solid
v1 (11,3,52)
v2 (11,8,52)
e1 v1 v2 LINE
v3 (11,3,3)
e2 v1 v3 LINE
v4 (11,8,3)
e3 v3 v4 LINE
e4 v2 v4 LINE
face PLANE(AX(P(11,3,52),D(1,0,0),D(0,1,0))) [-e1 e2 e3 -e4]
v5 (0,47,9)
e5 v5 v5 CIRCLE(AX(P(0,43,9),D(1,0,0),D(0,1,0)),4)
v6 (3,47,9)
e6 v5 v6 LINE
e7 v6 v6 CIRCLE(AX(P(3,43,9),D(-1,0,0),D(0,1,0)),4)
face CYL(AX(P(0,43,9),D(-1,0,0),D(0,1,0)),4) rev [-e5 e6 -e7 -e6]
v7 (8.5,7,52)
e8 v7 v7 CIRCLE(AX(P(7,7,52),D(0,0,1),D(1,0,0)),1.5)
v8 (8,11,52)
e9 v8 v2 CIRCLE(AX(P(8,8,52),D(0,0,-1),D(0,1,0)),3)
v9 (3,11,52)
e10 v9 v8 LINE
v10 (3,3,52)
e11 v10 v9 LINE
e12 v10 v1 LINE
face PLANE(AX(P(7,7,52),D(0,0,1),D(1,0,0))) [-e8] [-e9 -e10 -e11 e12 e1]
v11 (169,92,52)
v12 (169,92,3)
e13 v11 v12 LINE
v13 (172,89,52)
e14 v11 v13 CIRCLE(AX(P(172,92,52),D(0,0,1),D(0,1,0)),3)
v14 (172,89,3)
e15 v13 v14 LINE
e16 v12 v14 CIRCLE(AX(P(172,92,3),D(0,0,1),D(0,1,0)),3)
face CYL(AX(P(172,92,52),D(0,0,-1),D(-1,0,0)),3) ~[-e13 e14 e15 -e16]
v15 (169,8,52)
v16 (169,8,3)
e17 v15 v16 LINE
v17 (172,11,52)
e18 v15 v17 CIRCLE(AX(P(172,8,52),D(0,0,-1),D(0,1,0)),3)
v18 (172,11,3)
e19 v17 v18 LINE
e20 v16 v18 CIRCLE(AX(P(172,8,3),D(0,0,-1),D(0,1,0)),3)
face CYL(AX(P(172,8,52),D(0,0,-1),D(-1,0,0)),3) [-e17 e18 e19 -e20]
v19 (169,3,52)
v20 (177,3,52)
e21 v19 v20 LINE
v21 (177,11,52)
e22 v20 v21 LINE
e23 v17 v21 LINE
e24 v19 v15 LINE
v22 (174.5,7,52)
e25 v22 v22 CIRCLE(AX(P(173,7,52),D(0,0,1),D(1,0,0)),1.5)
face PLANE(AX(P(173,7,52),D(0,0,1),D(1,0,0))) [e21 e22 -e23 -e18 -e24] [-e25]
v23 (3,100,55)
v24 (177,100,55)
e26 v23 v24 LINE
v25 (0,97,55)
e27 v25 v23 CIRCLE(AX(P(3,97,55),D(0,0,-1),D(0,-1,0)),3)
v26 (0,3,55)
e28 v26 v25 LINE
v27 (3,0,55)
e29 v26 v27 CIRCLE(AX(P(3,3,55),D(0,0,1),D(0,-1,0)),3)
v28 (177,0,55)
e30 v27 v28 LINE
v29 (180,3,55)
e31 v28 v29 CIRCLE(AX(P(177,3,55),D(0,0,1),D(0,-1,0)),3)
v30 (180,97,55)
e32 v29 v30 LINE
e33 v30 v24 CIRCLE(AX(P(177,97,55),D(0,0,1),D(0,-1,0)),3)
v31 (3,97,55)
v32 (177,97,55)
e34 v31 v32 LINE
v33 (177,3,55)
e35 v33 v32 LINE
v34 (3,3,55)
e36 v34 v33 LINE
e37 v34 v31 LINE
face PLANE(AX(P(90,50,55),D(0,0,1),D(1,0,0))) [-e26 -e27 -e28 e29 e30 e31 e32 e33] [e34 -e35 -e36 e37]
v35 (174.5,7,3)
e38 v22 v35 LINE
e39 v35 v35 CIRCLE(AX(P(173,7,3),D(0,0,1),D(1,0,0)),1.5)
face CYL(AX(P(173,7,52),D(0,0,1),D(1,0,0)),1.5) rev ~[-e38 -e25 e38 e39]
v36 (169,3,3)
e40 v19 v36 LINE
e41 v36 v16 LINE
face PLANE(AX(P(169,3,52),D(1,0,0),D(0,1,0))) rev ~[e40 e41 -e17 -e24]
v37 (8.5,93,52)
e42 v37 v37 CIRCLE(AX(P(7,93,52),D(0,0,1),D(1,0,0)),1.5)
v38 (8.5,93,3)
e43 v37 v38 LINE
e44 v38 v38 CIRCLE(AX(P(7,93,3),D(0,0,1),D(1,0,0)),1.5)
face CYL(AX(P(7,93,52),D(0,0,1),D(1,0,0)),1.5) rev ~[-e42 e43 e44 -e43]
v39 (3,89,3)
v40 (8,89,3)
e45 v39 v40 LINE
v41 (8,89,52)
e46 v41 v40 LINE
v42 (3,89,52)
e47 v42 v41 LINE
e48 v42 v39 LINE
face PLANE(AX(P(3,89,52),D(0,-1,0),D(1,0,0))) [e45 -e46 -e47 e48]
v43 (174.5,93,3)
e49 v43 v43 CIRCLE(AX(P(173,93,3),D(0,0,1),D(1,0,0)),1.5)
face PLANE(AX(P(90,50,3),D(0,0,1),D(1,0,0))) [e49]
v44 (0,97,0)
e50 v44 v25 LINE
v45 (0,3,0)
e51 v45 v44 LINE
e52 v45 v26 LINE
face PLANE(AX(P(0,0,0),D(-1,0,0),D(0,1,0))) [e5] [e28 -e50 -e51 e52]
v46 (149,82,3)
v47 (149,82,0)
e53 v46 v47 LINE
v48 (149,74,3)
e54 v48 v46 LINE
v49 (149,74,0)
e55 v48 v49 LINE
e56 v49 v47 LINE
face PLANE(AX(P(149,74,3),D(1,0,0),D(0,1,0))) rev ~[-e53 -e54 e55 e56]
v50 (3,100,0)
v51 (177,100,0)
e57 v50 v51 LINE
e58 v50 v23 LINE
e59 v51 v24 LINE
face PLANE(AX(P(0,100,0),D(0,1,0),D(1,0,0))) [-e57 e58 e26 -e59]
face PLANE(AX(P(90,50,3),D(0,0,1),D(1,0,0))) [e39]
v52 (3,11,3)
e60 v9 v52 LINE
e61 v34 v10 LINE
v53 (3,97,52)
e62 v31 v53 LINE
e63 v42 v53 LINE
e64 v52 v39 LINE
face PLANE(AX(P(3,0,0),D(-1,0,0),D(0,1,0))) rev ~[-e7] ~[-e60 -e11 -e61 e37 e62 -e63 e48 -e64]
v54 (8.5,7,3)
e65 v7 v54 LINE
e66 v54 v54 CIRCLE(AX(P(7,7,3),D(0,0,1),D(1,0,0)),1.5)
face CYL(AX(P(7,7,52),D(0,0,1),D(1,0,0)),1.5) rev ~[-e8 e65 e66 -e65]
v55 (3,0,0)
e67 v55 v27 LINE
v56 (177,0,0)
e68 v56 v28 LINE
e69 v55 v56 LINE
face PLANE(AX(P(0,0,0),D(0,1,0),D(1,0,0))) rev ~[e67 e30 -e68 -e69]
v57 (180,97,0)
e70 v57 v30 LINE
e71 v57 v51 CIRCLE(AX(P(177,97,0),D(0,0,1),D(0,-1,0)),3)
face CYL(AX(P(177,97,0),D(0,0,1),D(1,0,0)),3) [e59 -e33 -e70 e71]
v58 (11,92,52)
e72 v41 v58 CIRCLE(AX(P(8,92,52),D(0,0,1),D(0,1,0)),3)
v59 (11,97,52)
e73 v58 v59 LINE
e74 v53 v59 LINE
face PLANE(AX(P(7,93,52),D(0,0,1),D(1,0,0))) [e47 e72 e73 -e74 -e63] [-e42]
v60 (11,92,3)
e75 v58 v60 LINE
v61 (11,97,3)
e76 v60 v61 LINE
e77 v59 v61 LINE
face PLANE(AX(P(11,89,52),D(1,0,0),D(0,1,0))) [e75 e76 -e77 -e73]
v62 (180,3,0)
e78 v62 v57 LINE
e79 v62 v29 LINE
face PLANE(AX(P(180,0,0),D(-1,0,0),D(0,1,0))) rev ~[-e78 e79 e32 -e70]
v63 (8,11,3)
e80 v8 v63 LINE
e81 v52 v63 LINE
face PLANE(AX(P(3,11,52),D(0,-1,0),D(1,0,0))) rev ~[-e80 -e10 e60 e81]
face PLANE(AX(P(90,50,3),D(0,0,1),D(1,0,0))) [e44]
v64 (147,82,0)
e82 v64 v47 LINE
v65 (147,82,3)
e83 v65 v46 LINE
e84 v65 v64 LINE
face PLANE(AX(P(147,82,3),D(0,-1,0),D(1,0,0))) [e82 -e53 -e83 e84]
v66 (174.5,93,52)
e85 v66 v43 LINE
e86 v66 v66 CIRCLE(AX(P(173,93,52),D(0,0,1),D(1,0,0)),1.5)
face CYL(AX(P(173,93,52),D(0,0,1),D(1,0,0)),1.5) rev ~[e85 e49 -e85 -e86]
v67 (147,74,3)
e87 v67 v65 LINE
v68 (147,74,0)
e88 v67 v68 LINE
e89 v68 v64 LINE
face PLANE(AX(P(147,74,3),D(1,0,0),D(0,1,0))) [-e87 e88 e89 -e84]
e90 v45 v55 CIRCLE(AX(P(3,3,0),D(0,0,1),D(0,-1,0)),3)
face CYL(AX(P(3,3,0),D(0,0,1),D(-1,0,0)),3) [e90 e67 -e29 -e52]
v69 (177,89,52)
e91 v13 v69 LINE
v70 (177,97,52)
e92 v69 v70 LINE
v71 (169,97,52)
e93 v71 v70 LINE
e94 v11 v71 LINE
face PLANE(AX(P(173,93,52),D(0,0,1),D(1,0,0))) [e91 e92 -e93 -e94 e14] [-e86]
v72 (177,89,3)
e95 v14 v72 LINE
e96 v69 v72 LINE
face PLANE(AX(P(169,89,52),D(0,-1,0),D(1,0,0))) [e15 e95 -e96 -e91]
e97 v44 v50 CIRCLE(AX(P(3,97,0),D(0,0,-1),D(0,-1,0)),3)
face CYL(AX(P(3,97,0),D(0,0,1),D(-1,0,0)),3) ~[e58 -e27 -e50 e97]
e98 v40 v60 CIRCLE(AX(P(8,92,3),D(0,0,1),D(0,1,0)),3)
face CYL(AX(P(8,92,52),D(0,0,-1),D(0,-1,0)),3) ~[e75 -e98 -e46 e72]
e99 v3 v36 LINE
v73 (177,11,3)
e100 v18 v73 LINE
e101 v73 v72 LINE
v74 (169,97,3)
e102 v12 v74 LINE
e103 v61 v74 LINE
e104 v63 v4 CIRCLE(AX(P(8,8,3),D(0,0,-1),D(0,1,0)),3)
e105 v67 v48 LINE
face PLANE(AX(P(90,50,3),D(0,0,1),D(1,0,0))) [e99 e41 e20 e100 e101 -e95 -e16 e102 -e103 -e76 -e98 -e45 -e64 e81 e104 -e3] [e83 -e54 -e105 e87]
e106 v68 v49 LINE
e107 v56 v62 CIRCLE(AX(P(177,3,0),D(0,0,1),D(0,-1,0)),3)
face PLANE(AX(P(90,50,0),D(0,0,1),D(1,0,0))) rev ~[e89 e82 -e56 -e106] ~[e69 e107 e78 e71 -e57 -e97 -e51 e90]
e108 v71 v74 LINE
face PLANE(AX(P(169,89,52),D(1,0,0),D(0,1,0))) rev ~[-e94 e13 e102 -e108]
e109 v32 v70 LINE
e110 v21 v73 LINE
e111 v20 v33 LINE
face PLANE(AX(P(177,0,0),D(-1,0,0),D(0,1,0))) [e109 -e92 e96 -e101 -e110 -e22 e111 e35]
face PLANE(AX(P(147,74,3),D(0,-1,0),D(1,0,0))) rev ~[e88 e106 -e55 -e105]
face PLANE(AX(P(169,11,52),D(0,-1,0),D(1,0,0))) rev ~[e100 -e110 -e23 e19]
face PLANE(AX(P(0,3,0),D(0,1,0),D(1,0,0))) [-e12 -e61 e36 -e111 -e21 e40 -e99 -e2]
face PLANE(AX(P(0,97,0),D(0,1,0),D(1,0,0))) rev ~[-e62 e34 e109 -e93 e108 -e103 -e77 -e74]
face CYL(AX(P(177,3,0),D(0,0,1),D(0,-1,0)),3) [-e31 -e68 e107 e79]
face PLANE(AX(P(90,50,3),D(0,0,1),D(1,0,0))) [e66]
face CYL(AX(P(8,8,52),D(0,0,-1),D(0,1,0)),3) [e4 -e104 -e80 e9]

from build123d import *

# Parameters (mm, degrees)
SKETCH_W        = 180
SKETCH_H        = 100
PAD_DEPTH       = 55
THICKNESS_T     = -3
SKETCH001_R     = 4
POCKET_DEPTH    = 16
PAD004_START    = -8
SKETCH005_W     = 8
SKETCH005_H     = 8
SKETCH005_R     = 1.5
PAD004_DEPTH    = 49
SKETCH008_W     = 2
SKETCH008_H     = 8
POCKET002_DEPTH = 3
FILLET_R        = 3
FILLET001_R     = 3


with BuildPart() as part:
    # Sketch (on XY_Plane of Origin) → Pad (new body)
    with BuildSketch(Plane.XY):
        with Locations((90, 50)):
            Rectangle(SKETCH_W, SKETCH_H)
    extrude(amount=PAD_DEPTH)

    # Thickness
    thickness_openings = [part.faces().sort_by_distance(p)[0] for p in [
        (90, 50, 55),
    ]]
    offset(amount=THICKNESS_T, openings=thickness_openings)

    # Sketch001 (on YZ_Plane of Origin) → Pocket (cut)
    with BuildSketch(Plane.YZ):
        with Locations((43, 9)):
            Circle(SKETCH001_R)
    extrude(amount=POCKET_DEPTH, mode=Mode.SUBTRACT)

    # Sketch005 → Pad004 (join)
    with BuildSketch(Plane.XY.offset(60).offset(PAD004_START)):
        with Locations((7, 93)):
            Rectangle(SKETCH005_W, SKETCH005_H)
        with Locations((7, 93)):
            Circle(SKETCH005_R, mode=Mode.SUBTRACT)
        with Locations((173, 7)):
            Rectangle(SKETCH005_W, SKETCH005_H)
        with Locations((173, 7)):
            Circle(SKETCH005_R, mode=Mode.SUBTRACT)
        with Locations((173, 93)):
            Rectangle(SKETCH005_W, SKETCH005_H)
        with Locations((173, 93)):
            Circle(SKETCH005_R, mode=Mode.SUBTRACT)
        with Locations((7, 7)):
            Rectangle(SKETCH005_W, SKETCH005_H)
        with Locations((7, 7)):
            Circle(SKETCH005_R, mode=Mode.SUBTRACT)
    extrude(amount=-PAD004_DEPTH)

    # Sketch008 (on Face14 of Pad004) → Pocket002 (cut)
    with BuildSketch(Plane.XY.offset(3)):
        with Locations((148, 78)):
            Rectangle(SKETCH008_W, SKETCH008_H)
    extrude(amount=-POCKET002_DEPTH, mode=Mode.SUBTRACT)

    # Fillet
    fillet_edges = [part.edges().sort_by_distance(p)[0] for p in [
        (11, 11, 27.5),
        (169, 11, 27.5),
        (169, 89, 27.5),
        (11, 89, 27.5),
    ]]
    fillet(fillet_edges, radius=FILLET_R)

    # Fillet001
    fillet001_edges = [part.edges().sort_by_distance(p)[0] for p in [
        (180, 0, 27.5),
        (180, 100, 27.5),
        (0, 0, 27.5),
        (0, 100, 27.5),
    ]]
    fillet(fillet001_edges, radius=FILLET001_R)


solid = part.part
